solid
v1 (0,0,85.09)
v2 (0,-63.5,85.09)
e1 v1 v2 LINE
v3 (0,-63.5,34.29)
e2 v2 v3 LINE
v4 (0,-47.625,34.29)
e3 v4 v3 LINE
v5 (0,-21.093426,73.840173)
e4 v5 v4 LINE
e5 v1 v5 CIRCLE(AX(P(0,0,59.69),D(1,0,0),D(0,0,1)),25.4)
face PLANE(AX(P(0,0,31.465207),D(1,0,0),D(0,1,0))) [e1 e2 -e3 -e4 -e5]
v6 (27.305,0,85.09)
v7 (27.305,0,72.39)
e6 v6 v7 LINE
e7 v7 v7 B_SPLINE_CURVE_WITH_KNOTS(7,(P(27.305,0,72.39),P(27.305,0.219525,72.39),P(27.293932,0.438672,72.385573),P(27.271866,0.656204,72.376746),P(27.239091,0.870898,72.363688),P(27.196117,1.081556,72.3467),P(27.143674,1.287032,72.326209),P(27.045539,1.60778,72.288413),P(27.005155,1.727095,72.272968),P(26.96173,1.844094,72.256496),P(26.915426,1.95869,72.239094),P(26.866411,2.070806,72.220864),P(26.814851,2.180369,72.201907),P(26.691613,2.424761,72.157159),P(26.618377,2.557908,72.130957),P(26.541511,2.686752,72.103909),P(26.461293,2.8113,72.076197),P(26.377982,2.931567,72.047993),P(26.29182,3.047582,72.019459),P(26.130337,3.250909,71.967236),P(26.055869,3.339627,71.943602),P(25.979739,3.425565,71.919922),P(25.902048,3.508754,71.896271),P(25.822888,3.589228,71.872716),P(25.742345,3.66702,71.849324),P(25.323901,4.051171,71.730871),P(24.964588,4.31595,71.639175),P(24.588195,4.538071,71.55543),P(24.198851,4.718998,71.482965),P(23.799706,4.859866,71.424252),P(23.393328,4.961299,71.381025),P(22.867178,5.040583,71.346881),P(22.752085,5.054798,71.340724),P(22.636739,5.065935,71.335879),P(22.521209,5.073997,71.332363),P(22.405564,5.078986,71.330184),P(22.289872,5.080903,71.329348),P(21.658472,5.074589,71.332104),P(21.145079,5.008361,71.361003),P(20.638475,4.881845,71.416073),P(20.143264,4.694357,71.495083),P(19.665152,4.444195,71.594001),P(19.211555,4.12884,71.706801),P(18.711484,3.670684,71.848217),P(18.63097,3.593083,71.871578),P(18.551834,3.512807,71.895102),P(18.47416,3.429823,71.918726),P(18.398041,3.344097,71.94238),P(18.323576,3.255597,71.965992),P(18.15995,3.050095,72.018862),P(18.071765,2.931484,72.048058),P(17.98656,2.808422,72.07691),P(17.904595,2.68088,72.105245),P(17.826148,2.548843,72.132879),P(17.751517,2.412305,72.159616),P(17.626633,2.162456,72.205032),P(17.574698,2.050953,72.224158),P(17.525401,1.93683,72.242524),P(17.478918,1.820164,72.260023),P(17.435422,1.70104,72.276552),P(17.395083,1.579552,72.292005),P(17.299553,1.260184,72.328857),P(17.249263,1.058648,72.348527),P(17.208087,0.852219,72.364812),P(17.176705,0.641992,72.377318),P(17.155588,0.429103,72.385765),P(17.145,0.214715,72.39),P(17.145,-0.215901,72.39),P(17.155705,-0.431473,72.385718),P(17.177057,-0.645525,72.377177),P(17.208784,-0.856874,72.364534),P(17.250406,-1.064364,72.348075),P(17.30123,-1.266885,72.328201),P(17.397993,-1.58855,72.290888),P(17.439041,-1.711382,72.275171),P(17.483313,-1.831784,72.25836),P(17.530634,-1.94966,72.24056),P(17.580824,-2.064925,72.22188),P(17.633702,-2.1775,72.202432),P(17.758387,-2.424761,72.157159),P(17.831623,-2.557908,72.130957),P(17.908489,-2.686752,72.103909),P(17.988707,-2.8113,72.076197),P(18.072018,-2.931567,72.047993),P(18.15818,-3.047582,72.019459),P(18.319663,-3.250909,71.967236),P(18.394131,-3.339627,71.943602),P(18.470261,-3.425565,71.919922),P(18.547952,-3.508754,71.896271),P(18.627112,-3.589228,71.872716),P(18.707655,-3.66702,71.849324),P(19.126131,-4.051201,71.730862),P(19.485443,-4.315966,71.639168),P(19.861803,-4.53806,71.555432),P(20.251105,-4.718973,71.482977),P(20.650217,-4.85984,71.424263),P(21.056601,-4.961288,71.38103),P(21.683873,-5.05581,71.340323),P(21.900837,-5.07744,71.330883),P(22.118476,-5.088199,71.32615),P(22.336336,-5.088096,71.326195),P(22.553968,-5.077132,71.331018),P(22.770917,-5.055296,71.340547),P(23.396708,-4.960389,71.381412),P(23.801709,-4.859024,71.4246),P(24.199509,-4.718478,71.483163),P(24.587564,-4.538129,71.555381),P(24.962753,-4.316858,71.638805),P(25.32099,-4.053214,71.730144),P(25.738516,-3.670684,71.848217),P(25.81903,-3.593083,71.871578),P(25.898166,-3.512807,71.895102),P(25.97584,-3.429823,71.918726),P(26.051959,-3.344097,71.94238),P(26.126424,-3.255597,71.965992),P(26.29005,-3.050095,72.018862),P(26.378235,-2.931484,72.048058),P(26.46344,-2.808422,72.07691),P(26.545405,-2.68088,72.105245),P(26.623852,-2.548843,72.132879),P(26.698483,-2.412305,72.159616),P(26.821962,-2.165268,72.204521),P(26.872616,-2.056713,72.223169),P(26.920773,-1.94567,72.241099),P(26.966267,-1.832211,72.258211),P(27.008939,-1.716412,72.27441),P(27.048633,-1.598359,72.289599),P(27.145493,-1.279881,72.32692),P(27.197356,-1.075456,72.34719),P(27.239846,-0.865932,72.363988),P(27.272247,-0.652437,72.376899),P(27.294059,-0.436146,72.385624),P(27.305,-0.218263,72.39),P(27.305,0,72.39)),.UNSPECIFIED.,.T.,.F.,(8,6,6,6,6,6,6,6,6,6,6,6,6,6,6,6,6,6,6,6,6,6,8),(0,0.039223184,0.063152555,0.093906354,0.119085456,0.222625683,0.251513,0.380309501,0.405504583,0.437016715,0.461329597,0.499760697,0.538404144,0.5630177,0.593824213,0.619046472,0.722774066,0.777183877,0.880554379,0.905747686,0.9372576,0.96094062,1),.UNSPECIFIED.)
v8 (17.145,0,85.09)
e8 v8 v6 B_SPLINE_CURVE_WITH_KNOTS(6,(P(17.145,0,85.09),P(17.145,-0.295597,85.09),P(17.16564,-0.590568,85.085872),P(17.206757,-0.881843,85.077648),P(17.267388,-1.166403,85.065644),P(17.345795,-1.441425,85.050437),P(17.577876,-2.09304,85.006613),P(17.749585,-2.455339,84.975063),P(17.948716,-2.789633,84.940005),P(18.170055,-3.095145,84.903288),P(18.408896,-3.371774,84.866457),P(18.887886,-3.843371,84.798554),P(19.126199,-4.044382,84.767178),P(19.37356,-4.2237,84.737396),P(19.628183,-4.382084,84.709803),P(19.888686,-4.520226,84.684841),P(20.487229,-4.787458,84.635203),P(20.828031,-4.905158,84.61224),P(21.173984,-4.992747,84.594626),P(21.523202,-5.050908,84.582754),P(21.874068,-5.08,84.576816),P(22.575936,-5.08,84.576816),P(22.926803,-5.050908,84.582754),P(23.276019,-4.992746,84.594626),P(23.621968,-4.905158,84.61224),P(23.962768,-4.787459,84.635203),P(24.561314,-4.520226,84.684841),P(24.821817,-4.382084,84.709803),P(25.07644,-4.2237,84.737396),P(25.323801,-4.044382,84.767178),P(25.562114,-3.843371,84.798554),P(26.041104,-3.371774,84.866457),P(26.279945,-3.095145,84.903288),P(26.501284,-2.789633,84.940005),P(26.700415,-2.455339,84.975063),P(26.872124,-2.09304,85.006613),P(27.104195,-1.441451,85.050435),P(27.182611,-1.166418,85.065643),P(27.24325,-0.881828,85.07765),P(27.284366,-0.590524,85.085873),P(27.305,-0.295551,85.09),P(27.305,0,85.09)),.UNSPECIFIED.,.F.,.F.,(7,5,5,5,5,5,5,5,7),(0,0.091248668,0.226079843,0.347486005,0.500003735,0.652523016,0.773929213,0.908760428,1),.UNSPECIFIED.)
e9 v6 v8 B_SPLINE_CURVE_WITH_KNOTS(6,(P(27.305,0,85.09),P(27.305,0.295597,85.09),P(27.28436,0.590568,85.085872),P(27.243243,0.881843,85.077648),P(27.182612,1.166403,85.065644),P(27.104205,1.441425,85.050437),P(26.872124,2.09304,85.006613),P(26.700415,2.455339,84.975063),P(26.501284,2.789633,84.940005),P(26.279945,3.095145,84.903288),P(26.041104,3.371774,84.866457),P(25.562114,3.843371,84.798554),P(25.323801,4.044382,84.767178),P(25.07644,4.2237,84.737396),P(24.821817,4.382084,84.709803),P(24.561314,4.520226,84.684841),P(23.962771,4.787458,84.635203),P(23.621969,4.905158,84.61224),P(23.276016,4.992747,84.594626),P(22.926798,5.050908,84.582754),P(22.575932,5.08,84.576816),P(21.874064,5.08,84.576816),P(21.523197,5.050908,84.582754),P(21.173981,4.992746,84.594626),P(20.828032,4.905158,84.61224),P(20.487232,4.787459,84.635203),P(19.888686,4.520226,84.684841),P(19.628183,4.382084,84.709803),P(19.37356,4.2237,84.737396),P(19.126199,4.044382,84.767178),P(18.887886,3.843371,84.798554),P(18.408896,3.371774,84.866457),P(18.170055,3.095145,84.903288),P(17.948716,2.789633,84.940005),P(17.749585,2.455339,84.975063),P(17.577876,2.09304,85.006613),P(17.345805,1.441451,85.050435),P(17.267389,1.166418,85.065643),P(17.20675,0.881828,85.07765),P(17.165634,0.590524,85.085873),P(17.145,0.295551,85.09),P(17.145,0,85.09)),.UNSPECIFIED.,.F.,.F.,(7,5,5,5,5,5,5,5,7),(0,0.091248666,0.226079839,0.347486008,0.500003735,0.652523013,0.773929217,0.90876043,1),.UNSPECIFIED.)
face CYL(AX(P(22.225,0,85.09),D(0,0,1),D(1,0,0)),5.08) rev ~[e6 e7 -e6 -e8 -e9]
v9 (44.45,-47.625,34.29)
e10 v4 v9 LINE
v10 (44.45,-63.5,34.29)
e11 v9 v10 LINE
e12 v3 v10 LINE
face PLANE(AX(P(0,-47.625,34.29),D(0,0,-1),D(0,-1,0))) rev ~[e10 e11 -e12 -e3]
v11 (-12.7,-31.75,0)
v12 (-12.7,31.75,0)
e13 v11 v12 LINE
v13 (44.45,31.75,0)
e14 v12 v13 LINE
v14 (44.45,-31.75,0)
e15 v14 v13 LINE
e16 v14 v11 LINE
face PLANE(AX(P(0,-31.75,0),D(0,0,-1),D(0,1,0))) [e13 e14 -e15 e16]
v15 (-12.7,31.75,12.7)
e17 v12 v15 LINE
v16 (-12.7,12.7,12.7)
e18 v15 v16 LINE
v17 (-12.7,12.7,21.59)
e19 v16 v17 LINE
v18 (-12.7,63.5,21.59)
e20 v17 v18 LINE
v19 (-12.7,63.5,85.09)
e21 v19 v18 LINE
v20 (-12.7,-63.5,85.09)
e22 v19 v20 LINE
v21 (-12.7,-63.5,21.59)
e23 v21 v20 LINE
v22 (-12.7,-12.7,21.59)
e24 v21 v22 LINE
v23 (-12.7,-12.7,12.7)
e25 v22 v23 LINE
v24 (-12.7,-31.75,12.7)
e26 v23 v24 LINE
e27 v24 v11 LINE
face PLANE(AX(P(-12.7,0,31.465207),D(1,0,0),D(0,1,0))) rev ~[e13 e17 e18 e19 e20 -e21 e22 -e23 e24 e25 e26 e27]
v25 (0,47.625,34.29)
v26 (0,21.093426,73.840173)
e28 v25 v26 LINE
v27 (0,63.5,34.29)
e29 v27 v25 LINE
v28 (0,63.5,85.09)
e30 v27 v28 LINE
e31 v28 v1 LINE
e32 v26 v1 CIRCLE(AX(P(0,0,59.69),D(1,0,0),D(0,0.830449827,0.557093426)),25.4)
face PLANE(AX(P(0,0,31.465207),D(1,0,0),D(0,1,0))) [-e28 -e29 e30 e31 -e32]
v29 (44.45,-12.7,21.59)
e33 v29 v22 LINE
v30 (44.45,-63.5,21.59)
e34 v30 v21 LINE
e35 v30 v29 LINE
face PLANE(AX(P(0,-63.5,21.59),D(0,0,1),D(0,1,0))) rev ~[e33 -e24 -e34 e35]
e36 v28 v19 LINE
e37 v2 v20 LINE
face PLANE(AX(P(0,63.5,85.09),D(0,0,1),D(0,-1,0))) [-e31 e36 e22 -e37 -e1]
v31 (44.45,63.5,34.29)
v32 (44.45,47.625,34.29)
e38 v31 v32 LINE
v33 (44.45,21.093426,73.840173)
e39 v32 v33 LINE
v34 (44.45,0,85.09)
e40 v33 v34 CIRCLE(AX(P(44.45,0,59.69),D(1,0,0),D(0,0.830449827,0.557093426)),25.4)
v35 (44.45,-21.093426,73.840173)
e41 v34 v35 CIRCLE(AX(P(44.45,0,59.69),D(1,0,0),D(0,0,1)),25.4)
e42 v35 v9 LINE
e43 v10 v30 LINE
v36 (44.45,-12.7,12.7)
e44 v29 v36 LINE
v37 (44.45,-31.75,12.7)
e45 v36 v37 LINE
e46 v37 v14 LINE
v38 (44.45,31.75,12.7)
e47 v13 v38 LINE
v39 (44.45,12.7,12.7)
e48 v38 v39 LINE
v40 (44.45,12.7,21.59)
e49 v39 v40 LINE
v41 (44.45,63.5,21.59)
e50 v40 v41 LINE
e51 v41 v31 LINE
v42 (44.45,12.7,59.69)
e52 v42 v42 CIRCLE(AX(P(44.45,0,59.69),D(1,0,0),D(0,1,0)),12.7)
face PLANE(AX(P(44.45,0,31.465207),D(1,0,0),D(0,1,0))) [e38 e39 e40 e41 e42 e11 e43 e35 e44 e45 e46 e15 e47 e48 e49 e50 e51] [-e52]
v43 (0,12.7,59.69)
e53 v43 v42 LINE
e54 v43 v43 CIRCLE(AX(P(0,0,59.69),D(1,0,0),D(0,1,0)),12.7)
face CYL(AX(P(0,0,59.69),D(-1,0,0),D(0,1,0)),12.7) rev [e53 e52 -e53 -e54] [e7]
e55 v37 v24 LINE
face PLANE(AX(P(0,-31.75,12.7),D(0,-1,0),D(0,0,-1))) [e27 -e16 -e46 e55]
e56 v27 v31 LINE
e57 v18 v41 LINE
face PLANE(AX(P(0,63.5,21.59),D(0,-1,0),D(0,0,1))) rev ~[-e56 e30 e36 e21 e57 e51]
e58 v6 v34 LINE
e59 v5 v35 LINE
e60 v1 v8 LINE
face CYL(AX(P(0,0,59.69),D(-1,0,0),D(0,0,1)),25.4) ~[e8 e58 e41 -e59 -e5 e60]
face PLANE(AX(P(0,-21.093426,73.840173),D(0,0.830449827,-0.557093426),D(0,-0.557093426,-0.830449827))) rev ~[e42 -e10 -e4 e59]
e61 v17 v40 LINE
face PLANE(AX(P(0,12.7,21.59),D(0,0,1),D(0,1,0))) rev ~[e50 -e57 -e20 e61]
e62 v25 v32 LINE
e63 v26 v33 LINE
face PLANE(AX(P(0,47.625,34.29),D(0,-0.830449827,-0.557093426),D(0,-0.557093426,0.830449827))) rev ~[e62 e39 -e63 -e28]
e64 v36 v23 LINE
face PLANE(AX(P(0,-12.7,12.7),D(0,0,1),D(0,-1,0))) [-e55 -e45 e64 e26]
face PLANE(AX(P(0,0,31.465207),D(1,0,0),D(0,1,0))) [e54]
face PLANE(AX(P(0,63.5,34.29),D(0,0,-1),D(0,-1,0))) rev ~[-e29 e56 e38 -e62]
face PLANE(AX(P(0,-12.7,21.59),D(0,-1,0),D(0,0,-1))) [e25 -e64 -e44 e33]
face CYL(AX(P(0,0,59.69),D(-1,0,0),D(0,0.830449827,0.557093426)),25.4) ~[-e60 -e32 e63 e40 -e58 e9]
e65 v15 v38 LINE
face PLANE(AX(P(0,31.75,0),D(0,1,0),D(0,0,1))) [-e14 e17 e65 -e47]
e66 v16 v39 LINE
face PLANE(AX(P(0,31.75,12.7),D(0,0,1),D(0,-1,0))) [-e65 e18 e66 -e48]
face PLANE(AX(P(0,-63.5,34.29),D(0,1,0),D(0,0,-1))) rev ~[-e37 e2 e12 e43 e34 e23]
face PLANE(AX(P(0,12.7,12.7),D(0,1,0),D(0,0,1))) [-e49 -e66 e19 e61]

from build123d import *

# Parameters (mm, degrees)
F0_R     = 12.7
F1_DEPTH = 44.45
F3_DEPTH = 12.7
F4_R     = 5.08
F5_DEPTH = 13.7612578338


with BuildPart() as f1:
    # F0 (on Right) → F1 (new body)
    with BuildSketch(Plane.YZ):
        with BuildLine():
            Line((-31.75, 0), (0, 0))
            Line((0, 0), (31.75, 0))
            Line((31.75, 0), (31.75, 12.7))
            Line((31.75, 12.7), (12.7, 12.7))
            Line((12.7, 12.7), (12.7, 21.59))
            Line((12.7, 21.59), (63.5, 21.59))
            Line((63.5, 21.59), (63.5, 34.29))
            Line((63.5, 34.29), (47.625, 34.29))
            Line((47.625, 34.29), (21.0934256055, 73.8401730104))
            ThreePointArc((21.0934256055, 73.8401730104), (11.9529411765, 82.1017647059), (0, 85.09))
            ThreePointArc((0, 85.09), (-11.9529411765, 82.1017647059), (-21.0934256055, 73.8401730104))
            Line((-21.0934256055, 73.8401730104), (-47.625, 34.29))
            Line((-47.625, 34.29), (-63.5, 34.29))
            Line((-63.5, 34.29), (-63.5, 21.59))
            Line((-63.5, 21.59), (-12.7, 21.59))
            Line((-12.7, 21.59), (-12.7, 12.7))
            Line((-12.7, 12.7), (-31.75, 12.7))
            Line((-31.75, 12.7), (-31.75, 0))
        make_face()
        with Locations((0, 59.69)):
            Circle(F0_R, mode=Mode.SUBTRACT)
    extrude(amount=F1_DEPTH)

    # F0 (on Right) + F2 (on face) → F3 (join)
    with BuildSketch(Plane.YZ):
        with BuildLine():
            Line((-31.75, 0), (0, 0))
            Line((0, 0), (31.75, 0))
            Line((31.75, 0), (31.75, 12.7))
            Line((31.75, 12.7), (12.7, 12.7))
            Line((12.7, 12.7), (12.7, 21.59))
            Line((12.7, 21.59), (63.5, 21.59))
            Line((63.5, 21.59), (63.5, 34.29))
            Line((63.5, 34.29), (47.625, 34.29))
            Line((47.625, 34.29), (21.0934256055, 73.8401730104))
            ThreePointArc((21.0934256055, 73.8401730104), (11.9529411765, 82.1017647059), (0, 85.09))
            ThreePointArc((0, 85.09), (-11.9529411765, 82.1017647059), (-21.0934256055, 73.8401730104))
            Line((-21.0934256055, 73.8401730104), (-47.625, 34.29))
            Line((-47.625, 34.29), (-63.5, 34.29))
            Line((-63.5, 34.29), (-63.5, 21.59))
            Line((-63.5, 21.59), (-12.7, 21.59))
            Line((-12.7, 21.59), (-12.7, 12.7))
            Line((-12.7, 12.7), (-31.75, 12.7))
            Line((-31.75, 12.7), (-31.75, 0))
        make_face()
        with Locations((0, 59.69)):
            Circle(F0_R, mode=Mode.SUBTRACT)
        with BuildLine():
            Line((-63.5, 85.09), (-63.5, 34.29))
            Line((-63.5, 34.29), (-47.625, 34.29))
            Line((-47.625, 34.29), (-21.0934256055, 73.8401730104))
            ThreePointArc((-21.0934256055, 73.8401730104), (-11.9529411765, 82.1017647059), (0, 85.09))
            Line((0, 85.09), (-63.5, 85.09))
        make_face()
        with BuildLine():
            Line((47.625, 34.29), (63.5, 34.29))
            Line((63.5, 34.29), (63.5, 85.09))
            Line((63.5, 85.09), (0, 85.09))
            ThreePointArc((0, 85.09), (11.9529411765, 82.1017647059), (21.0934256055, 73.8401730104))
            Line((21.0934256055, 73.8401730104), (47.625, 34.29))
        make_face()
        with Locations((0, 59.69)):
            Circle(F0_R)
    with BuildSketch(Plane(origin=(0, 0, 0), x_dir=(0, -1, 0), z_dir=(-1, 0, 0))):
        Polygon((-47.625, 34.29), (-63.5, 34.29), (-63.5, 21.59), (-12.7, 21.59), (12.7, 21.59), (63.5, 21.59), (63.5, 34.29), (47.625, 34.29), align=None)
    extrude(amount=-F3_DEPTH, dir=(1, 0, 0))

    # F4 (on face) → F5 (cut, through all)
    with BuildSketch(Plane.XY.offset(85.09)):
        with Locations((22.225, 0)):
            Circle(F4_R)
    extrude(amount=-F5_DEPTH, mode=Mode.SUBTRACT)


solid = f1.part
